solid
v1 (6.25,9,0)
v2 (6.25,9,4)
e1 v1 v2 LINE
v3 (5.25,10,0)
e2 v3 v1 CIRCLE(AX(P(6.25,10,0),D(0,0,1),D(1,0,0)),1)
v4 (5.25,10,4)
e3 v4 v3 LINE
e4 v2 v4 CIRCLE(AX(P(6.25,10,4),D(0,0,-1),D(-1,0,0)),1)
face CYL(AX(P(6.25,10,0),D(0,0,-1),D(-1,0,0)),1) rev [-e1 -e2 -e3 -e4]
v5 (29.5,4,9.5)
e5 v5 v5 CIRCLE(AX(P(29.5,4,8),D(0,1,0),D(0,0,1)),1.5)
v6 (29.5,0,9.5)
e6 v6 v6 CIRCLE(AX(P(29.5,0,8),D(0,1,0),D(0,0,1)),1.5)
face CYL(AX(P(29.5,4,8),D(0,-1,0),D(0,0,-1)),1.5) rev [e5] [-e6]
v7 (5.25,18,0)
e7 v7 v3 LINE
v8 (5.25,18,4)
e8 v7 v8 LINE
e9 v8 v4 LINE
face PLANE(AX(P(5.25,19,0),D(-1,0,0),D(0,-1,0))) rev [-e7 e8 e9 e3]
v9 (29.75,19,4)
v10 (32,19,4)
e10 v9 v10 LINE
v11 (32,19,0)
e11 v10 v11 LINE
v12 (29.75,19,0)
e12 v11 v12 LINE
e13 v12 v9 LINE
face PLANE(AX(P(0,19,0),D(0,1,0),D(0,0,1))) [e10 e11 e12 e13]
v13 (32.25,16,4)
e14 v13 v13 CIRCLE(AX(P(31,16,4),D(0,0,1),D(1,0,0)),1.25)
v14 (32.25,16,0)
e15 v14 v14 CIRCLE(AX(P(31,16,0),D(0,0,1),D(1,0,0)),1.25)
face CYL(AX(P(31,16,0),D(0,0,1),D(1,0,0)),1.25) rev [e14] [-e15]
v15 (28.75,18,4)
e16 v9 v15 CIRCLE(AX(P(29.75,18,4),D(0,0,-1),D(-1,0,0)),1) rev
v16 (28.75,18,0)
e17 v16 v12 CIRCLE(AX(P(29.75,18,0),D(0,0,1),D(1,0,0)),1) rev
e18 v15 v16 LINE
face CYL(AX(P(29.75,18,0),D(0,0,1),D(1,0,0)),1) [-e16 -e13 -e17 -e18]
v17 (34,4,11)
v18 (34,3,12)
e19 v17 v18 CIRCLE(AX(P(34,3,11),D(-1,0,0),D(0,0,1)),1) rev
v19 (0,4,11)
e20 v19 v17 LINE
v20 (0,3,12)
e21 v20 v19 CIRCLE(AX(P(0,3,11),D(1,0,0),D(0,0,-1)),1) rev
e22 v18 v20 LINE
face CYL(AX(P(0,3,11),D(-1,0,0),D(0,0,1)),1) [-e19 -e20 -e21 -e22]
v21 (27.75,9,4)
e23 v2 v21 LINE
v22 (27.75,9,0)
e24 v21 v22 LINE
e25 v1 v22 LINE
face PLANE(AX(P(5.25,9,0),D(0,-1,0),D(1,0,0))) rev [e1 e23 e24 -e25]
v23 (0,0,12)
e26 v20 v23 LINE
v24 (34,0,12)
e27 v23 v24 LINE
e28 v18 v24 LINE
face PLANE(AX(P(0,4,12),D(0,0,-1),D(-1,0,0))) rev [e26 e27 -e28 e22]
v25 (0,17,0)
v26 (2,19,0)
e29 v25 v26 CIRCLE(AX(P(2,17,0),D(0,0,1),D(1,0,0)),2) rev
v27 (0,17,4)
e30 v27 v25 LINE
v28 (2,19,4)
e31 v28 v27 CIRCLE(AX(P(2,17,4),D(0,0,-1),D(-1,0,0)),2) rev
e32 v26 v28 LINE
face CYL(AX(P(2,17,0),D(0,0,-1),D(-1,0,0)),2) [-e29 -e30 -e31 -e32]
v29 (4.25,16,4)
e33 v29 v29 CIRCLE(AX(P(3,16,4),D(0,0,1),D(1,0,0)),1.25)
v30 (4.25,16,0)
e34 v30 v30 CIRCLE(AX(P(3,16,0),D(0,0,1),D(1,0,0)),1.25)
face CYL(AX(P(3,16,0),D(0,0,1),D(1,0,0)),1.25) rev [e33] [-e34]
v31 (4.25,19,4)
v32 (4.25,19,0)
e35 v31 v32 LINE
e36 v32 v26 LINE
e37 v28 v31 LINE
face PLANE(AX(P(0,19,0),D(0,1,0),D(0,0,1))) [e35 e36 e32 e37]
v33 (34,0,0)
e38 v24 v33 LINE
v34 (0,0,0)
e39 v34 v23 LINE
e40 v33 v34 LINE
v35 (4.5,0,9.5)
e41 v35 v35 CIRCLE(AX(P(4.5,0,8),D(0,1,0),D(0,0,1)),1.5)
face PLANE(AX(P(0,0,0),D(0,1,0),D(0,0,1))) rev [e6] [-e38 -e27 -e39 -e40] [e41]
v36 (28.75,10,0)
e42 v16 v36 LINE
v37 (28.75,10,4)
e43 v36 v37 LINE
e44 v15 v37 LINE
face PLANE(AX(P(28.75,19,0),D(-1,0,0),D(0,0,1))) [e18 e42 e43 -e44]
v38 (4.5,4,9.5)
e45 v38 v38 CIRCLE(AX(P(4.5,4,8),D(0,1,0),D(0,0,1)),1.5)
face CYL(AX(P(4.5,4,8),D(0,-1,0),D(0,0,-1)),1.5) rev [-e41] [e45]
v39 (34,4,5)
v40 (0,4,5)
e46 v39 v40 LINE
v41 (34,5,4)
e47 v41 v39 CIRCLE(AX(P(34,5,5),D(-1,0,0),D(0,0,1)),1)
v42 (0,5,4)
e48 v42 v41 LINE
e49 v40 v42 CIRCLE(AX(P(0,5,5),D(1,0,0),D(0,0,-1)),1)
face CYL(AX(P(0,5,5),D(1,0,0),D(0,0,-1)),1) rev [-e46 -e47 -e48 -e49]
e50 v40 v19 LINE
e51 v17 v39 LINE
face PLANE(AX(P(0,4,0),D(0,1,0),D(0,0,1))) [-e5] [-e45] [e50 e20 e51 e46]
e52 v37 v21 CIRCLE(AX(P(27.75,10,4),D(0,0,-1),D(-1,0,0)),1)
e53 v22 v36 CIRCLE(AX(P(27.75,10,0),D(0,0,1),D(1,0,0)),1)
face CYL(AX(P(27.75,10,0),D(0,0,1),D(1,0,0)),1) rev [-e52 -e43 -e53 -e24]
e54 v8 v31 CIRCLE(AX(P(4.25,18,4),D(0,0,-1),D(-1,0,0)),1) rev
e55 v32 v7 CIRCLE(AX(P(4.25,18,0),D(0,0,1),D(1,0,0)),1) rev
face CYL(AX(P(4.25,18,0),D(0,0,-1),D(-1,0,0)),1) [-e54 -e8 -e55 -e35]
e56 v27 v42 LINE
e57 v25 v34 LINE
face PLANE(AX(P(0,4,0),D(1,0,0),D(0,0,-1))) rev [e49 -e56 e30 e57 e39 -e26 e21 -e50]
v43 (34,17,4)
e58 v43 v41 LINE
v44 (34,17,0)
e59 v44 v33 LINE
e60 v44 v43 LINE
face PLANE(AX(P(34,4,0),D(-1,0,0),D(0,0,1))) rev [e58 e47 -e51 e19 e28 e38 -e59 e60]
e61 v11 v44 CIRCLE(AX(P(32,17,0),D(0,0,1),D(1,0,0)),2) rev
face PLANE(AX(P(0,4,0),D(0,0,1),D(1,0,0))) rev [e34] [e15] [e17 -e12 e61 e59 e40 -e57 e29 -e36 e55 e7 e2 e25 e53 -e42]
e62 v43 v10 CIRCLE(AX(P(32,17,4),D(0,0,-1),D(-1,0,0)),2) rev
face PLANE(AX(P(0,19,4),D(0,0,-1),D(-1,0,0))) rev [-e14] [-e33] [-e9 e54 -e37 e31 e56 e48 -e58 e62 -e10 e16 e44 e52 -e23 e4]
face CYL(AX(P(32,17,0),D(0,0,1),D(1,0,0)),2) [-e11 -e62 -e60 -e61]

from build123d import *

# Parameters (mm, degrees)
SKETCH_1_W          = 34
SKETCH_1_H          = 12
SKETCH_1_R          = 1.5
EXTRUDE_4_DEPTH     = 4
SKETCH_4_W          = 34
SKETCH_4_H          = 4
EXTRUDE_5_DEPTH     = 15
SKETCH_5_R          = 1.25
SKETCH_5_W          = 23.5
SKETCH_5_H          = 10
CUT_EXTRUDE_1_DEPTH = 40.761790704
FILLET_4_R          = 1
FILLET_6_R          = 2
FILLET_7_R          = 2
FILLET_8_R          = 1
FILLET_9_R          = 1
FILLET_10_R         = 1
FILLET_11_R         = 1


with BuildPart() as part:
    # 草图1 → 凸台-拉伸4 (new body)
    with BuildSketch(Plane(origin=(0, 0, 0), x_dir=(1, 0, 0), z_dir=(0, 1, 0))):
        with Locations((17, -6)):
            Rectangle(SKETCH_1_W, SKETCH_1_H)
        with Locations(Location((4.5, -8, 0), (0, 0, 270))):
            Circle(SKETCH_1_R, mode=Mode.SUBTRACT)
        with Locations(Location((29.5, -8, 0), (0, 0, 270))):
            Circle(SKETCH_1_R, mode=Mode.SUBTRACT)
    extrude(amount=EXTRUDE_4_DEPTH)

    # 草图4 → 凸台-拉伸5 (add)
    with BuildSketch(Plane(origin=(0, 4, 0), x_dir=(1, 0, 0), z_dir=(0, 1, 0))):
        with Locations((17, -2)):
            Rectangle(SKETCH_4_W, SKETCH_4_H)
    extrude(amount=EXTRUDE_5_DEPTH)

    # 草图5 → 切除-拉伸1 (cut, through all)
    with BuildSketch(Plane.XY.offset(4)):
        with Locations((3, 16)):
            Circle(SKETCH_5_R)
        with Locations((31, 16)):
            Circle(SKETCH_5_R)
        with Locations((17, 14)):
            Rectangle(SKETCH_5_W, SKETCH_5_H)
    extrude(amount=-CUT_EXTRUDE_1_DEPTH, mode=Mode.SUBTRACT)

    # 圆角4
    fillet_4_edges = [part.edges().sort_by_distance(p)[0] for p in [
        (17, 4, 12),
    ]]
    fillet(fillet_4_edges, radius=FILLET_4_R)

    # 圆角6
    fillet_6_edges = [part.edges().sort_by_distance(p)[0] for p in [
        (0, 19, 2),
    ]]
    fillet(fillet_6_edges, radius=FILLET_6_R)

    # 圆角7
    fillet_7_edges = [part.edges().sort_by_distance(p)[0] for p in [
        (34, 19, 2),
    ]]
    fillet(fillet_7_edges, radius=FILLET_7_R)

    # 圆角8
    fillet_8_edges = [part.edges().sort_by_distance(p)[0] for p in [
        (5.25, 9, 2),
    ]]
    fillet(fillet_8_edges, radius=FILLET_8_R)

    # 圆角9
    fillet_9_edges = [part.edges().sort_by_distance(p)[0] for p in [
        (28.75, 9, 2),
    ]]
    fillet(fillet_9_edges, radius=FILLET_9_R)

    # 圆角10
    fillet_10_edges = [part.edges().sort_by_distance(p)[0] for p in [
        (5.25, 19, 2),
        (28.75, 19, 2),
    ]]
    fillet(fillet_10_edges, radius=FILLET_10_R)

    # 圆角11
    fillet_11_edges = [part.edges().sort_by_distance(p)[0] for p in [
        (17, 4, 4),
    ]]
    fillet(fillet_11_edges, radius=FILLET_11_R)


solid = part.part
